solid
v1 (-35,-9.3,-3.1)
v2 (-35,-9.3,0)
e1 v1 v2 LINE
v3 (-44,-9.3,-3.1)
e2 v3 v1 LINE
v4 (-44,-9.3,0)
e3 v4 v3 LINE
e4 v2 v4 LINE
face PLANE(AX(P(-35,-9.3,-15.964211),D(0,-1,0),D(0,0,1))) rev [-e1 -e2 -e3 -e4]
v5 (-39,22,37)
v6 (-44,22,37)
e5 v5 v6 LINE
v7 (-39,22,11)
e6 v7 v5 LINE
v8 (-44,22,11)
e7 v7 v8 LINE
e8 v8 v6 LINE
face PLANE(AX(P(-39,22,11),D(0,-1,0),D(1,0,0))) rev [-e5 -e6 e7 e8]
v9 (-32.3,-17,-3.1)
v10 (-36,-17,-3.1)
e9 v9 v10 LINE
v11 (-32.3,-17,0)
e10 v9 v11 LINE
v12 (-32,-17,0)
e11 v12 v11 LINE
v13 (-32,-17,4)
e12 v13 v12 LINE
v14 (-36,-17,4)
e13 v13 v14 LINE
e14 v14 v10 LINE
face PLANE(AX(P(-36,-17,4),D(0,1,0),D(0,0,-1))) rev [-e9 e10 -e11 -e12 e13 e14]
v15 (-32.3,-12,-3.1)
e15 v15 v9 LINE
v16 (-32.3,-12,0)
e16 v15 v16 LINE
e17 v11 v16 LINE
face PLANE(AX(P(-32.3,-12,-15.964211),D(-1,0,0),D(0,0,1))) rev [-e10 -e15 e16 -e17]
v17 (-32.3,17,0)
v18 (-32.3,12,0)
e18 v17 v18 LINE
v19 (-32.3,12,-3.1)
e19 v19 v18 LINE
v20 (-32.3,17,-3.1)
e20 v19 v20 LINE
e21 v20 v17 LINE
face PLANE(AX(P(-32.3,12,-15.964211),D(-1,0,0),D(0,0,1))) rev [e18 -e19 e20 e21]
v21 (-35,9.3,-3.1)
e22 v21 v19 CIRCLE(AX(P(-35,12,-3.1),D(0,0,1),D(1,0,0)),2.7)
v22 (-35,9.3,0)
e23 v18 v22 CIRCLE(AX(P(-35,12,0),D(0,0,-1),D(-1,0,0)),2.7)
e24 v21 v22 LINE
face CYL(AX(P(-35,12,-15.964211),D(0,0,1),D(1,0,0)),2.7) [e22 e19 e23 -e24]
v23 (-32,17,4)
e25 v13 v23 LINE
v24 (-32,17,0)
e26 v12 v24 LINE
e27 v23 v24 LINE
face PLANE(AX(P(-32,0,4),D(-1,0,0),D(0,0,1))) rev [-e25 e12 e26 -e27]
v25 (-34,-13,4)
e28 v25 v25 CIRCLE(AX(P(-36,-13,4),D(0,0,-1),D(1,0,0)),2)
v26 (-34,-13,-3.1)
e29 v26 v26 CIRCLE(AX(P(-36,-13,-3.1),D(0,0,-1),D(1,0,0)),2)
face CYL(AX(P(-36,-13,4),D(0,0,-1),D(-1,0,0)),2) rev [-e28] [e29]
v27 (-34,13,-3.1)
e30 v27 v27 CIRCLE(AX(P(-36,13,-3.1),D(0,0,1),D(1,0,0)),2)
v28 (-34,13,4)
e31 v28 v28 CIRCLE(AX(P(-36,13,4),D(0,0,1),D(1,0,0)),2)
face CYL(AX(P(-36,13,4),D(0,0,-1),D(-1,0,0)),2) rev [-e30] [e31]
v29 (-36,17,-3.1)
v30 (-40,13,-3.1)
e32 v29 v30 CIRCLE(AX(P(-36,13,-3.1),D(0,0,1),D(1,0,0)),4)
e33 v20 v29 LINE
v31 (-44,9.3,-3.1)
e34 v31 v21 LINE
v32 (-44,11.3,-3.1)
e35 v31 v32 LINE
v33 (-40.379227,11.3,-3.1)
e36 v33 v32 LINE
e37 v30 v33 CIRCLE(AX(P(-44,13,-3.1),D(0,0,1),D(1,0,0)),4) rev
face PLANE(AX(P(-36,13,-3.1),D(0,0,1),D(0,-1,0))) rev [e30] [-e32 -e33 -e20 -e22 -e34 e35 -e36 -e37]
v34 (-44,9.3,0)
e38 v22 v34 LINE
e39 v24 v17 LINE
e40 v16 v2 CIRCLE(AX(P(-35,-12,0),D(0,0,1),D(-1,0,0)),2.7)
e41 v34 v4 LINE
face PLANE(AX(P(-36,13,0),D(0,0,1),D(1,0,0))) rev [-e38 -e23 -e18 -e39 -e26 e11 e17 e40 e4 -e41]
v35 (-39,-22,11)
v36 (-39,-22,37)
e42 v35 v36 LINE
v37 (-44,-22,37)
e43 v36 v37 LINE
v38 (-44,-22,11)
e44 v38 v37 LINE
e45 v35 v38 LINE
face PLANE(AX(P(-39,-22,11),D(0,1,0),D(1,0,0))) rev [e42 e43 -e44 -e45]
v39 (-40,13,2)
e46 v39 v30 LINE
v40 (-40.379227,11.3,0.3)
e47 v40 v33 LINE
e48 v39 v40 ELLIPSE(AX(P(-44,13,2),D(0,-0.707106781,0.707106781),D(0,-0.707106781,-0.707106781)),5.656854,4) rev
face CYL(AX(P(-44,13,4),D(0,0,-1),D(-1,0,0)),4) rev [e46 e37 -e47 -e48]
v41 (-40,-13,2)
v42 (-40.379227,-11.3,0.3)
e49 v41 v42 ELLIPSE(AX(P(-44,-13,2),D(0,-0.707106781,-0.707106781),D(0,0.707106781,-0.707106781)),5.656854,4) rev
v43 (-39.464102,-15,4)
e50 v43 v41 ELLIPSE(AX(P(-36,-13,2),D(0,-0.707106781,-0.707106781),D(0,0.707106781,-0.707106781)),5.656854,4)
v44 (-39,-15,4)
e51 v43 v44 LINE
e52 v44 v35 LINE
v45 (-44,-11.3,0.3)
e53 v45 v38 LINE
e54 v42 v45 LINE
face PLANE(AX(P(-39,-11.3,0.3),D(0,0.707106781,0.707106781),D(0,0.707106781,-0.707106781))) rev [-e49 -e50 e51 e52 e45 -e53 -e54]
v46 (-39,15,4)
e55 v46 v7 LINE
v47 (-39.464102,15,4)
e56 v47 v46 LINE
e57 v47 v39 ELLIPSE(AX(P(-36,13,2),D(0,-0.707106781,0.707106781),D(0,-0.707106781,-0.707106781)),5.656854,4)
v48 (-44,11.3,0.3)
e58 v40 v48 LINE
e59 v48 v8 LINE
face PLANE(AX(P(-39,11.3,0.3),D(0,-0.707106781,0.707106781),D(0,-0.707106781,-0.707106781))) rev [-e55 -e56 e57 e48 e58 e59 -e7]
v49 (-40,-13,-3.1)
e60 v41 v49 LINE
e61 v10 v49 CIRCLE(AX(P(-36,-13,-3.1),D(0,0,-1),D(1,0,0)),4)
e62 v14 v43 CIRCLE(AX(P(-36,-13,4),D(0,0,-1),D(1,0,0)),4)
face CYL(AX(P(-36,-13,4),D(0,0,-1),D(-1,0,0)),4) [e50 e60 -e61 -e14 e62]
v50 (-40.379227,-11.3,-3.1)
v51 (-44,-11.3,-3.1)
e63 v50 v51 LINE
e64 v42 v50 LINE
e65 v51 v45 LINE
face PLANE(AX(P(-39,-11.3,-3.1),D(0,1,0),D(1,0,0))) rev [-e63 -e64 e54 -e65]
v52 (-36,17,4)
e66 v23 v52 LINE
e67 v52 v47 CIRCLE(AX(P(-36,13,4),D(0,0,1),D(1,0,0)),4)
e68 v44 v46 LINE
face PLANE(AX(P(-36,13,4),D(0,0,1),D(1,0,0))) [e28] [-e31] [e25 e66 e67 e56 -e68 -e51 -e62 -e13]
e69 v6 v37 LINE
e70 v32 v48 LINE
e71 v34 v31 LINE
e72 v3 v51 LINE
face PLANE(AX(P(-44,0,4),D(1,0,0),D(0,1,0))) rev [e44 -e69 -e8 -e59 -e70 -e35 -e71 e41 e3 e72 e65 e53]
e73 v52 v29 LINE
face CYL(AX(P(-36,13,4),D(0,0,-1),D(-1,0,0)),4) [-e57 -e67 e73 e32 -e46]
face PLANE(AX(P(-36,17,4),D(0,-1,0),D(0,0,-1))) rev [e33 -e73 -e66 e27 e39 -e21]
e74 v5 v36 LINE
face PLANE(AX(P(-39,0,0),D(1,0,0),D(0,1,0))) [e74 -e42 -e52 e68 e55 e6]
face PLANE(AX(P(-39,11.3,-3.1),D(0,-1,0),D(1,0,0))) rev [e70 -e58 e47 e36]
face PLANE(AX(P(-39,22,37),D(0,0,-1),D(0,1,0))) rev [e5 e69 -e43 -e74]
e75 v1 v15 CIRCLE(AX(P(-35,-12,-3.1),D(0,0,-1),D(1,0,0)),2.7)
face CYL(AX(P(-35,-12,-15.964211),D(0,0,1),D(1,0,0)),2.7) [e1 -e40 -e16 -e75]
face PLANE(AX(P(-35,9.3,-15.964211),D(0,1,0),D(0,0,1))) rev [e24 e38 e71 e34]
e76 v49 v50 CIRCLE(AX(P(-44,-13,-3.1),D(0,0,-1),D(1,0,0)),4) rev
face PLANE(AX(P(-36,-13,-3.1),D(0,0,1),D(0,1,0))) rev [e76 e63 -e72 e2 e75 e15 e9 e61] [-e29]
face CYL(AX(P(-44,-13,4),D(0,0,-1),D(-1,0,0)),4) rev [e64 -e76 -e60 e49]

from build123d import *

# Parameters (mm, degrees)
SKETCH1_R           = 2
BOSS_EXTRUDE1_DEPTH = 4
BOSS_EXTRUDE2_START = 3.1
SKETCH2_R           = 2
BOSS_EXTRUDE2_DEPTH = 3.1
BOSS_EXTRUDE3_DEPTH = 5


with BuildPart() as part:
    # Sketch1 → Boss-Extrude1 (new body)
    with BuildSketch(Plane.XY):
        with BuildLine():
            Line((-44, 0), (-44, 9))
            ThreePointArc((-44, 9), (-41.171572875, 10.171572875), (-40, 13))
            ThreePointArc((-40, 13), (-38.828427125, 15.828427125), (-36, 17))
            Line((-36, 17), (-32, 17))
            Line((-32, 17), (-32, 0))
            Line((-32, 0), (-44, 0))
        make_face()
        with Locations((-36, 13)):
            Circle(SKETCH1_R, mode=Mode.SUBTRACT)
    extrude(amount=BOSS_EXTRUDE1_DEPTH)

    # Sketch2 → Boss-Extrude2 (add)
    with BuildSketch(Plane(origin=(0, 0, 0), x_dir=(-1, 0, 0), z_dir=(0, 0, -1)).offset(BOSS_EXTRUDE2_START)):
        with BuildLine():
            Line((35, 9.3), (42.480131585, 9.3))
            ThreePointArc((42.480131585, 9.3), (40.677390057, 10.772835172), (40, 13))
            ThreePointArc((40, 13), (38.828427125, 15.828427125), (36, 17))
            Line((36, 17), (32.3, 17))
            Line((32.3, 17), (32.3, 12))
            ThreePointArc((32.3, 12), (33.090811691, 10.090811691), (35, 9.3))
        make_face()
        with Locations(Location((36, 13, 0), (0, 0, 180))):
            Circle(SKETCH2_R, mode=Mode.SUBTRACT)
    extrude(amount=-BOSS_EXTRUDE2_DEPTH)

    # Sketch4 → Boss-Extrude3 (add)
    with BuildSketch(Plane(origin=(-44, -0.024459729, 0), x_dir=(0, 0, 1), z_dir=(1, 0, 0))):
        Polygon((0.3, -11.324459729), (11, -22.024459729), (37, -22.024459729), (37, -0.024459729), (0, -0.024459729), (0, -9.324459729), (-3.1, -9.324459729), (-3.1, -11.324459729), align=None)
    extrude(amount=BOSS_EXTRUDE3_DEPTH)

    # Mirror1: part across plane


with BuildPart() as part_1:
    add(part.part)
    add(part.part.mirror(Plane(origin=(-44, 0, 4), x_dir=(0, 0, 1), z_dir=(0, 1, 0))))


solid = part_1.part
